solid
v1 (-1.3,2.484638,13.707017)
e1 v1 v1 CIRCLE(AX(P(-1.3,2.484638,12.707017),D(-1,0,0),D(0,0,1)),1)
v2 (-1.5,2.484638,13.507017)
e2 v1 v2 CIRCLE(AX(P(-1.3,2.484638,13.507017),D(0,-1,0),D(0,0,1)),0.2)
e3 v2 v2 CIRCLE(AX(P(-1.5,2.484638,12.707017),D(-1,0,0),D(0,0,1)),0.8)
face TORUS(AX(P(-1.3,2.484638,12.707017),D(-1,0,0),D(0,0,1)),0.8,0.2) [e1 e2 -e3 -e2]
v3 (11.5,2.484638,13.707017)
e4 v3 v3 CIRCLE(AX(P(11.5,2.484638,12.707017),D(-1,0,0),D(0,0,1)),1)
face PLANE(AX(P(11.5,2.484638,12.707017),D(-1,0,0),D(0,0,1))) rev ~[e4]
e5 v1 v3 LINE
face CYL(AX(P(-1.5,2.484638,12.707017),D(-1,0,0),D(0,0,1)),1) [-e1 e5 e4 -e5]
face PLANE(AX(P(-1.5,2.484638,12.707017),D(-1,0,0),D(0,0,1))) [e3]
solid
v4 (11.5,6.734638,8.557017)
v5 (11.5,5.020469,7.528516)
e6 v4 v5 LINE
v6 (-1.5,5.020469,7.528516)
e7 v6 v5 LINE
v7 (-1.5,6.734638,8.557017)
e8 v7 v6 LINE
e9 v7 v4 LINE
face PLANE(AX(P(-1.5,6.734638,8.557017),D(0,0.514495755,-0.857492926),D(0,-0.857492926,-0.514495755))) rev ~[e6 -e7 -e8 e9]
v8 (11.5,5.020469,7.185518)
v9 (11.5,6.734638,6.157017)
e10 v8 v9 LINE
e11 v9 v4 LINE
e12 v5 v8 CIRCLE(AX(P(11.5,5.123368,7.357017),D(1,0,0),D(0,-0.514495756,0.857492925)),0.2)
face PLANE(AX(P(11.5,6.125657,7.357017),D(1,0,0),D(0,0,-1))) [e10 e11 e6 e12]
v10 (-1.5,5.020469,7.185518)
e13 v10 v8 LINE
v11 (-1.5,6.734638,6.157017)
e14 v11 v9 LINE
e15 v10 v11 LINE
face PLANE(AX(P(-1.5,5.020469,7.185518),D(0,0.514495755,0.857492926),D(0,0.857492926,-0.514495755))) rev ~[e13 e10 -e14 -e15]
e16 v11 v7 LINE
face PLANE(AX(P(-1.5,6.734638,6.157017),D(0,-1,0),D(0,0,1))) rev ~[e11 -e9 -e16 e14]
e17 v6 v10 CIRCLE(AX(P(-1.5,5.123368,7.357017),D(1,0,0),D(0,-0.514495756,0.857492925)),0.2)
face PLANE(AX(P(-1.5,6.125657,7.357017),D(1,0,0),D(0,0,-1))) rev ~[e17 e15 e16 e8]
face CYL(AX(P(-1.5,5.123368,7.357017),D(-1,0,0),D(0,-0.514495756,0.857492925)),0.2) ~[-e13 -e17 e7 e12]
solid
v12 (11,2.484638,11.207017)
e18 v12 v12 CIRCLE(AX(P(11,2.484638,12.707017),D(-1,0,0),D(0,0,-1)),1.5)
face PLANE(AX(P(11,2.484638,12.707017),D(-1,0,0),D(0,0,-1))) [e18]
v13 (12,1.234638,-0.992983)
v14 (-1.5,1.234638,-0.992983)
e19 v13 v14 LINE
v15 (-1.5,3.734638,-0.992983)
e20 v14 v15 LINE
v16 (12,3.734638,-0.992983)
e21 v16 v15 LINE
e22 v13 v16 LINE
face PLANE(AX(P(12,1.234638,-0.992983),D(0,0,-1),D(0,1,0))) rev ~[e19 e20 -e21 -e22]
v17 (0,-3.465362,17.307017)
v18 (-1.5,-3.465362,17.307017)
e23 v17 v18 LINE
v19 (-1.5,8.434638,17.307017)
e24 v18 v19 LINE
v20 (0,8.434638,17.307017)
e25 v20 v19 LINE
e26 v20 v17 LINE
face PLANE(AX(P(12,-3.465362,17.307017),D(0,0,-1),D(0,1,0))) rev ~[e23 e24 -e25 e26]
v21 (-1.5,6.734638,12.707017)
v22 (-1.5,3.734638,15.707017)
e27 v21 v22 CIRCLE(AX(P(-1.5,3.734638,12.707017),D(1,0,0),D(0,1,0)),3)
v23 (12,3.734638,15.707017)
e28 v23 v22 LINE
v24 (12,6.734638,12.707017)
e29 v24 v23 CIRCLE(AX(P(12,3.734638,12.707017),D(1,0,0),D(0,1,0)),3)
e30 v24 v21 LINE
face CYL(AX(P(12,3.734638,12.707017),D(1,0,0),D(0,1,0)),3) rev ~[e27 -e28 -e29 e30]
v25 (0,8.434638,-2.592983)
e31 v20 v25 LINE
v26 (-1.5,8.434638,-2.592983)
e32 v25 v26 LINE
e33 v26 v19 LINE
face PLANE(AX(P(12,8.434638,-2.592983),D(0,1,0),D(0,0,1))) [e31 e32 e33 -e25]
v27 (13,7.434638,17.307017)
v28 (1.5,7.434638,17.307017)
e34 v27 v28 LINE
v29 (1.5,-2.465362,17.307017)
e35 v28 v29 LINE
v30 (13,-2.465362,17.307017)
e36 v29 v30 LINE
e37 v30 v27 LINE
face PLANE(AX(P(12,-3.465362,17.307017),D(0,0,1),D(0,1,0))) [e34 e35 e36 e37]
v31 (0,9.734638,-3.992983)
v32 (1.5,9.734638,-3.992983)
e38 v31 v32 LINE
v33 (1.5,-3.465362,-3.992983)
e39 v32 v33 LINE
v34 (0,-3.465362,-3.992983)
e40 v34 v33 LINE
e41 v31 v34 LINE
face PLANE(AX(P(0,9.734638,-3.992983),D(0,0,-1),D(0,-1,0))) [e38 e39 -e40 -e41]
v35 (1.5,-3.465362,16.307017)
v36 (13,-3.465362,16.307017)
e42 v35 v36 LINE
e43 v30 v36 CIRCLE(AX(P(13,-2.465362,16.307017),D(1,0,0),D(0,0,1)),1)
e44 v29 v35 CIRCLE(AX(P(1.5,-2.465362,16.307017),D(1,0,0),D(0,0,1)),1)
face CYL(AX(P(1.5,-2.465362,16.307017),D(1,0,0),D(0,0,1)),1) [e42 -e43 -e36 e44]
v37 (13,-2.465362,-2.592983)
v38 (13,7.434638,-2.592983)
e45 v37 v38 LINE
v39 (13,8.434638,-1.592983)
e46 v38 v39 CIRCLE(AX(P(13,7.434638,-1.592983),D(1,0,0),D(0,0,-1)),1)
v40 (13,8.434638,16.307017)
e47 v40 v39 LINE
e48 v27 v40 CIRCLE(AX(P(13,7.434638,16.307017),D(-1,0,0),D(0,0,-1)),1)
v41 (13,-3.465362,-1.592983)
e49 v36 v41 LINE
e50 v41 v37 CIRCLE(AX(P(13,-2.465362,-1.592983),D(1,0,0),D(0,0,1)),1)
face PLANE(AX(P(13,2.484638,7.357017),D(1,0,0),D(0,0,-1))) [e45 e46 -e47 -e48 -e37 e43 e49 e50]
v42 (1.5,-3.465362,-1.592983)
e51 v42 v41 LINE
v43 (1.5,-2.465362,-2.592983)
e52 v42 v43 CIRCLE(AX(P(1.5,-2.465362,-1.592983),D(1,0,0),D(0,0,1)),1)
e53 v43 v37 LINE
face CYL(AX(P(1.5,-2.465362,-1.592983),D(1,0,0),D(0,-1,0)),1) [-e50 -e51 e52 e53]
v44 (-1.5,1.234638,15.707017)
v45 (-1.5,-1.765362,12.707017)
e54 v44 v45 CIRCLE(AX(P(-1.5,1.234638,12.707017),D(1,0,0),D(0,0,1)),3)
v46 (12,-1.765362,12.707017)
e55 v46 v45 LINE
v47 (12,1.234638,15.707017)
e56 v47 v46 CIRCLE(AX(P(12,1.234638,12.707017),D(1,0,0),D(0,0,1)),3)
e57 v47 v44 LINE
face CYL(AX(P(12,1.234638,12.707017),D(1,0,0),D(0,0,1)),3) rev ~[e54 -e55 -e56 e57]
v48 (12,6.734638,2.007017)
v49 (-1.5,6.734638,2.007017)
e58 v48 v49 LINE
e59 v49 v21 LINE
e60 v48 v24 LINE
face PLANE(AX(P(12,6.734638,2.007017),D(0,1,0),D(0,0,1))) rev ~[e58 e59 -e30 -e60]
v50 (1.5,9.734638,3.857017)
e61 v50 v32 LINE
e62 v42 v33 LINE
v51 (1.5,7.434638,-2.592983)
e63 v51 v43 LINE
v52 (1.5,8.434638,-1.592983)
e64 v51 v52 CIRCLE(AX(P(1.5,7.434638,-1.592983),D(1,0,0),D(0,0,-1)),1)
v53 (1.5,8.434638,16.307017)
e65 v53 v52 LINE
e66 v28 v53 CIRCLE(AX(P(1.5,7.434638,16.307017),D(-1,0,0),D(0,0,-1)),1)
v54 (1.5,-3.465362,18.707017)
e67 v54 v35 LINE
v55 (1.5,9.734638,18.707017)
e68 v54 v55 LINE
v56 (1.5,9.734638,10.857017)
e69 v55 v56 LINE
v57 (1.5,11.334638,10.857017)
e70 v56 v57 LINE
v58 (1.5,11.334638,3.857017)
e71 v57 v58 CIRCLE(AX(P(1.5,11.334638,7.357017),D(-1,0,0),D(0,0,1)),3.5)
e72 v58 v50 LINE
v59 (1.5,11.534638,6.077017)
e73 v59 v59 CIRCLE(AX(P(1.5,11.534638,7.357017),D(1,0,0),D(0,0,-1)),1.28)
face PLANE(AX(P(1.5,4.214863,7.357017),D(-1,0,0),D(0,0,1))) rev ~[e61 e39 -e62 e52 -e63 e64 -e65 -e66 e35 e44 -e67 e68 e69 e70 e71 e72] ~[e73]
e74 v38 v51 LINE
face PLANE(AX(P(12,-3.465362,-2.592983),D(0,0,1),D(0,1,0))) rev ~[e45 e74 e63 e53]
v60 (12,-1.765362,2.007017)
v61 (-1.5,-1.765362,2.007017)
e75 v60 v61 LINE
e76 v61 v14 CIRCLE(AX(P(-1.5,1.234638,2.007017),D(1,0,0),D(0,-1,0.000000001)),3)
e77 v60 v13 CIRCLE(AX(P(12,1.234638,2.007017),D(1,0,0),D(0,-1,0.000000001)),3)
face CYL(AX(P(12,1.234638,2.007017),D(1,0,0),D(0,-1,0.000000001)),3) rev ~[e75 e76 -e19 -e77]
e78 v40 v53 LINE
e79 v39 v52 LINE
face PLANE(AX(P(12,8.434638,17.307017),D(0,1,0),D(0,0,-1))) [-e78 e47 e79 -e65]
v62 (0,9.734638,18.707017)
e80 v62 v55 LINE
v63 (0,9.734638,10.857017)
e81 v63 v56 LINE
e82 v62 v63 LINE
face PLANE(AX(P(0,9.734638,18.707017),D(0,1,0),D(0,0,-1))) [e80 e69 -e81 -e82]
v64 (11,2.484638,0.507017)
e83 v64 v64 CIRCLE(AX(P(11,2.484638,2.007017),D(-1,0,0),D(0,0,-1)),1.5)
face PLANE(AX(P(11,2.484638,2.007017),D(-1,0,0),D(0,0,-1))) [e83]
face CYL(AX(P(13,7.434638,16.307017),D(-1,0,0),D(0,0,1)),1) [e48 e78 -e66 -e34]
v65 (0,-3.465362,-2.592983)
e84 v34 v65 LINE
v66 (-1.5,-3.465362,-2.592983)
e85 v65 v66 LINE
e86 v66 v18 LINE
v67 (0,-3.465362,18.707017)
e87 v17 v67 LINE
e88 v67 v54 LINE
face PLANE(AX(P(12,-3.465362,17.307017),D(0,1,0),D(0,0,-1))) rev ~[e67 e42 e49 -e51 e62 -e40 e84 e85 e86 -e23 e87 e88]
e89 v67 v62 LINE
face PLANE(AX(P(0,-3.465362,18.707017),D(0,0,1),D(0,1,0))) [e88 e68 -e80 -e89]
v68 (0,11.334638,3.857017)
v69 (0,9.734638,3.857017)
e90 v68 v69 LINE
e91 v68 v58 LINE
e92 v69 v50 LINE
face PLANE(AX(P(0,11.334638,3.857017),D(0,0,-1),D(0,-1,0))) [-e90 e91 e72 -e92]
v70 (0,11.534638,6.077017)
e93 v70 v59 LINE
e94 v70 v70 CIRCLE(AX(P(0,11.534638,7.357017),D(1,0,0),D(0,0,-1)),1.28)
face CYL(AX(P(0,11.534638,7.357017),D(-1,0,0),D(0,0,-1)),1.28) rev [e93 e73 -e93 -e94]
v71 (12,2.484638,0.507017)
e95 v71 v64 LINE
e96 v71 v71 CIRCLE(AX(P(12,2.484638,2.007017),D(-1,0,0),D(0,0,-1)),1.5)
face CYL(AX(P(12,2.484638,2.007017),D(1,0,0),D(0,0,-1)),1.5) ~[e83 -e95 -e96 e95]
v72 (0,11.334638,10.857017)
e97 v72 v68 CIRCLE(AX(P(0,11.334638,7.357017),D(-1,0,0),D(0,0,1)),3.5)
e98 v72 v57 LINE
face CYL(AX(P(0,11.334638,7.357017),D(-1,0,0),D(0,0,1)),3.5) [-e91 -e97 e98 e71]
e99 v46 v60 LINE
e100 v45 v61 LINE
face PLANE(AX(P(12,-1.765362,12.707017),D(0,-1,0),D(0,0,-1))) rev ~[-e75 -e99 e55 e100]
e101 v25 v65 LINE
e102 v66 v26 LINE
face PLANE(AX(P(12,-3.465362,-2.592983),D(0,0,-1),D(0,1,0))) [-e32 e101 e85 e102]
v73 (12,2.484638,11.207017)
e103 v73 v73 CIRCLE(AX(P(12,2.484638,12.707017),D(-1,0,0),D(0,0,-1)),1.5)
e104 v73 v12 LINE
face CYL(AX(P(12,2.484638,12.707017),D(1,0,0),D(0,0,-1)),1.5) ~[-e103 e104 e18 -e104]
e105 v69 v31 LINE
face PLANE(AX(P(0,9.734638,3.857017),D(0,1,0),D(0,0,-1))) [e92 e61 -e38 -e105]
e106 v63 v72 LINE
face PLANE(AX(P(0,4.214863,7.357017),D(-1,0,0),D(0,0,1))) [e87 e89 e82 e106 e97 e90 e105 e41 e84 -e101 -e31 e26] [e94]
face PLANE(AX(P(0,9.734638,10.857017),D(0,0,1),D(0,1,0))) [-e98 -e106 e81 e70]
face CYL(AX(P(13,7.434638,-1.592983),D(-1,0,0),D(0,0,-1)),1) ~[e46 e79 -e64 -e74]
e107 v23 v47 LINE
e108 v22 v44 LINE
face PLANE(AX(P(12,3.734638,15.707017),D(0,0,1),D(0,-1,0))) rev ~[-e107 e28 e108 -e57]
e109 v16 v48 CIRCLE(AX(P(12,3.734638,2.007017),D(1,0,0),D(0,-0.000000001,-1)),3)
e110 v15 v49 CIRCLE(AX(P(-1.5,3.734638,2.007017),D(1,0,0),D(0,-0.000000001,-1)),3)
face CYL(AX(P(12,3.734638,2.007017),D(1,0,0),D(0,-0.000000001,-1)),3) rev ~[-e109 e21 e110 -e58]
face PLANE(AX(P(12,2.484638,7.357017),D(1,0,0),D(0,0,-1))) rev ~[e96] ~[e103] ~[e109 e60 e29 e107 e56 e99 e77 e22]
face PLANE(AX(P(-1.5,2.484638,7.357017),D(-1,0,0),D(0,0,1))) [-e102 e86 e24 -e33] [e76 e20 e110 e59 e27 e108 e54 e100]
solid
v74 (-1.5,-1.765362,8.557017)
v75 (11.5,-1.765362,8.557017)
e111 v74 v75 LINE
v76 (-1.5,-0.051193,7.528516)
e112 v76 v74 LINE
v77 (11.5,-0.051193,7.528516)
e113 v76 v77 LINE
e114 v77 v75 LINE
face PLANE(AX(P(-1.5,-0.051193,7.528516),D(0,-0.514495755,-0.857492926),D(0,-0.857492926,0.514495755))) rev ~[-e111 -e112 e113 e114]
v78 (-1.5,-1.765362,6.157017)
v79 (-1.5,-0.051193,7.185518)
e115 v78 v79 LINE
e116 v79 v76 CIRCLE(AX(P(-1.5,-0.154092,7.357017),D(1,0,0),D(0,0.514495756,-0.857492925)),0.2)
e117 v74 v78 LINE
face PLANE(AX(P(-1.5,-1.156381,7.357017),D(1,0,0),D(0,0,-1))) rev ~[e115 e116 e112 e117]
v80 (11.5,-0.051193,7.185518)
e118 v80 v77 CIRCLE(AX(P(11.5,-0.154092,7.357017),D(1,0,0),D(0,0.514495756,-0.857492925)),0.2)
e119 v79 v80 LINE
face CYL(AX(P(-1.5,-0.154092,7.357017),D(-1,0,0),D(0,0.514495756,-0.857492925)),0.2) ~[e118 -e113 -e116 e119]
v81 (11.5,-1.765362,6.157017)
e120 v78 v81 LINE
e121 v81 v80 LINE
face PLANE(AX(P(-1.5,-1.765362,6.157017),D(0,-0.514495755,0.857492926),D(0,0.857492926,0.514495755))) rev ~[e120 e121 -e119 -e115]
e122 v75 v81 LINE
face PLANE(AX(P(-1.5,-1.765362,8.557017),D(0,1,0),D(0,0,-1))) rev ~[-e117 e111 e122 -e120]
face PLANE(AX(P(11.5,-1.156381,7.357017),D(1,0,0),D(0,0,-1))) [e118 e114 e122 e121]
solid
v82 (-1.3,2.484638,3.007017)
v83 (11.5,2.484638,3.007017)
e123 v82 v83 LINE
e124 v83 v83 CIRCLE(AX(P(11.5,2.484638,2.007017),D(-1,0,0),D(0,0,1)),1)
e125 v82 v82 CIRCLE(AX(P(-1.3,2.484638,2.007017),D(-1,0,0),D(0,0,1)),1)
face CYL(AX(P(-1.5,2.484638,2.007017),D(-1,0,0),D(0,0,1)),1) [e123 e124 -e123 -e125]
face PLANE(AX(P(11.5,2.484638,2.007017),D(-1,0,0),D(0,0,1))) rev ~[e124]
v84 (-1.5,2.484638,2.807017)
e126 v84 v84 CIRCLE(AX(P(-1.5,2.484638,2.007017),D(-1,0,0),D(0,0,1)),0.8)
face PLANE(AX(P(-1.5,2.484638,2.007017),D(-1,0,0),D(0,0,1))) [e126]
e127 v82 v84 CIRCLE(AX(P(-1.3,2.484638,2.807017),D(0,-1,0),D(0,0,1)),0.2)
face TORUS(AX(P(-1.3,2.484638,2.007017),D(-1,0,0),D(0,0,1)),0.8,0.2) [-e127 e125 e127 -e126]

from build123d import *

# Parameters (mm, degrees)
SKETCH_1_R           = 1.28
SKETCH_1_W           = 19.318640657
SKETCH_1_H           = 10.053241434
EXTRUDE_1_DEPTH      = 1.5
EXTRUDE_2_DEPTH      = 1.5
EXTRUDE_2_DEPTH_BACK = 12
SKETCH_2_W           = 19.9
SKETCH_2_H           = 11.9
SKETCH_3_R           = 1
EXTRUDE_4_DEPTH      = 13
EXTRUDE_4_2_DEPTH    = 13
EXTRUDE_4_3_DEPTH    = 13
EXTRUDE_4_4_DEPTH    = 13
SKETCH_10_W          = 19.9
SKETCH_10_H          = 11.9
EXTRUDE_6_DEPTH      = 1
FILLET_2_R           = 1
SKETCH_11_R          = 1.5
EXTRUDE_7_DEPTH      = 1
FILLET_3_R           = 0.2
FILLET_4_R           = 0.2


with BuildPart() as part:
    # 草图1 → 凸台-拉伸1 (new body)
    with BuildSketch(Plane(origin=(0, 0, 0), x_dir=(0, 0, -1), z_dir=(1, 0, 0))):
        with BuildLine():
            Line((-3.857017018, 9.734638091), (3.992982982, 9.734638091))
            Line((3.992982982, 9.734638091), (3.992982982, -3.465361909))
            Line((3.992982982, -3.465361909), (-18.707017018, -3.465361909))
            Line((-18.707017018, -3.465361909), (-18.707017018, 9.734638091))
            Line((-18.707017018, 9.734638091), (-10.857017018, 9.734638091))
            Line((-10.857017018, 9.734638091), (-10.857017018, 11.334638091))
            ThreePointArc((-10.857017018, 11.334638091), (-7.357017018, 14.834638091), (-3.857017018, 11.334638091))
            Line((-3.857017018, 11.334638091), (-3.857017018, 9.734638091))
        make_face()
        with Locations((-7.357017018, 11.534638091)):
            Circle(SKETCH_1_R, mode=Mode.SUBTRACT)
        with Locations((-7.500203857, 3.102012995)):
            Rectangle(SKETCH_1_W, SKETCH_1_H, mode=Mode.SUBTRACT)
    extrude(amount=EXTRUDE_1_DEPTH)

    # 草图2 → 凸台-拉伸2 (add, two sides: drawn at the far end of the back side and taken through both)
    with BuildSketch(Plane.ZY.offset(-EXTRUDE_2_DEPTH_BACK)):
        with Locations((7.357017018, 2.484638091)):
            Rectangle(SKETCH_2_W, SKETCH_2_H)
        with BuildLine():
            Line((2.007017018, 6.734638091), (12.707017018, 6.734638091))
            ThreePointArc((12.707017018, 6.734638091), (14.828337361, 5.855958435), (15.707017018, 3.734638091))
            Line((15.707017018, 3.734638091), (15.707017018, 1.234638091))
            ThreePointArc((15.707017018, 1.234638091), (14.828337361, -0.886682253), (12.707017018, -1.765361909))
            Line((12.707017018, -1.765361909), (2.007017018, -1.765361909))
            ThreePointArc((2.007017018, -1.765361909), (-0.114303326, -0.886682253), (-0.992982982, 1.234638091))
            Line((-0.992982982, 1.234638091), (-0.992982982, 3.734638091))
            ThreePointArc((-0.992982982, 3.734638091), (-0.114303326, 5.855958435), (2.007017018, 6.734638091))
        make_face(mode=Mode.SUBTRACT)
    extrude(amount=EXTRUDE_2_DEPTH + EXTRUDE_2_DEPTH_BACK)

    # 草图10 → 凸台-拉伸6 (add)
    with BuildSketch(Plane(origin=(12, 0, 0), x_dir=(0, 0, -1), z_dir=(1, 0, 0))):
        with Locations((-7.357017018, 2.484638091)):
            Rectangle(SKETCH_10_W, SKETCH_10_H)
    extrude(amount=EXTRUDE_6_DEPTH)

    # 圆角2
    fillet_2_edges = [part.edges().sort_by_distance(p)[0] for p in [
        (7.25, -3.465361909, 17.307017018),
        (7.25, 8.434638091, -2.592982982),
        (7.25, -3.465361909, -2.592982982),
        (7.25, 8.434638091, 17.307017018),
    ]]
    fillet(fillet_2_edges, radius=FILLET_2_R)

    # 草图11 → 凸台-拉伸7 (add)
    with BuildSketch(Plane.ZY.offset(-12)):
        with Locations(Location((2.007017018, 2.484638091, 0), (0, 0, 180))):
            Circle(SKETCH_11_R)
        with Locations(Location((12.707017018, 2.484638091, 0), (0, 0, 180))):
            Circle(SKETCH_11_R)
    extrude(amount=EXTRUDE_7_DEPTH)


with BuildPart() as body_2:
    # 草图3 → 凸台-拉伸4 (new body)
    with BuildSketch(Plane.ZY.offset(1.5)):
        with Locations((2.007017018, 2.484638091)):
            Circle(SKETCH_3_R)
    extrude(amount=-EXTRUDE_4_DEPTH)

    # 圆角3
    fillet_3_edges = [body_2.edges().sort_by_distance(p)[0] for p in [
        (-1.5, 2.484638091, 1.007017018),
    ]]
    fillet(fillet_3_edges, radius=FILLET_3_R)


with BuildPart() as body_3:
    # 草图3 → Extrude 4 2 (new body)
    with BuildSketch(Plane.ZY.offset(1.5)):
        with Locations((12.707017018, 2.484638091)):
            Circle(SKETCH_3_R)
    extrude(amount=-EXTRUDE_4_2_DEPTH)

    # 圆角4
    fillet_4_edges = [body_3.edges().sort_by_distance(p)[0] for p in [
        (-1.5, 2.484638091, 11.707017018),
    ]]
    fillet(fillet_4_edges, radius=FILLET_4_R)


with BuildPart() as body_4:
    # 草图3 → Extrude 4 3 (new body)
    with BuildSketch(Plane.ZY.offset(1.5)):
        with BuildLine():
            Line((8.557017018, 6.734638091), (7.528515603, 5.020469066))
            ThreePointArc((7.528515603, 5.020469066), (7.357017018, 4.923368217), (7.185518432, 5.020469066))
            Line((7.185518432, 5.020469066), (6.157017018, 6.734638091))
            Line((6.157017018, 6.734638091), (8.557017018, 6.734638091))
        make_face()
    extrude(amount=-EXTRUDE_4_3_DEPTH)


with BuildPart() as body_5:
    # 草图3 → Extrude 4 4 (new body)
    with BuildSketch(Plane.ZY.offset(1.5)):
        with BuildLine():
            Line((6.157017018, -1.765361909), (7.185518432, -0.051192884))
            ThreePointArc((7.185518432, -0.051192884), (7.357017018, 0.045907965), (7.528515603, -0.051192884))
            Line((7.528515603, -0.051192884), (8.557017018, -1.765361909))
            Line((8.557017018, -1.765361909), (6.157017018, -1.765361909))
        make_face()
    extrude(amount=-EXTRUDE_4_4_DEPTH)


solid = Compound([part.part, body_2.part, body_3.part, body_4.part, body_5.part])
